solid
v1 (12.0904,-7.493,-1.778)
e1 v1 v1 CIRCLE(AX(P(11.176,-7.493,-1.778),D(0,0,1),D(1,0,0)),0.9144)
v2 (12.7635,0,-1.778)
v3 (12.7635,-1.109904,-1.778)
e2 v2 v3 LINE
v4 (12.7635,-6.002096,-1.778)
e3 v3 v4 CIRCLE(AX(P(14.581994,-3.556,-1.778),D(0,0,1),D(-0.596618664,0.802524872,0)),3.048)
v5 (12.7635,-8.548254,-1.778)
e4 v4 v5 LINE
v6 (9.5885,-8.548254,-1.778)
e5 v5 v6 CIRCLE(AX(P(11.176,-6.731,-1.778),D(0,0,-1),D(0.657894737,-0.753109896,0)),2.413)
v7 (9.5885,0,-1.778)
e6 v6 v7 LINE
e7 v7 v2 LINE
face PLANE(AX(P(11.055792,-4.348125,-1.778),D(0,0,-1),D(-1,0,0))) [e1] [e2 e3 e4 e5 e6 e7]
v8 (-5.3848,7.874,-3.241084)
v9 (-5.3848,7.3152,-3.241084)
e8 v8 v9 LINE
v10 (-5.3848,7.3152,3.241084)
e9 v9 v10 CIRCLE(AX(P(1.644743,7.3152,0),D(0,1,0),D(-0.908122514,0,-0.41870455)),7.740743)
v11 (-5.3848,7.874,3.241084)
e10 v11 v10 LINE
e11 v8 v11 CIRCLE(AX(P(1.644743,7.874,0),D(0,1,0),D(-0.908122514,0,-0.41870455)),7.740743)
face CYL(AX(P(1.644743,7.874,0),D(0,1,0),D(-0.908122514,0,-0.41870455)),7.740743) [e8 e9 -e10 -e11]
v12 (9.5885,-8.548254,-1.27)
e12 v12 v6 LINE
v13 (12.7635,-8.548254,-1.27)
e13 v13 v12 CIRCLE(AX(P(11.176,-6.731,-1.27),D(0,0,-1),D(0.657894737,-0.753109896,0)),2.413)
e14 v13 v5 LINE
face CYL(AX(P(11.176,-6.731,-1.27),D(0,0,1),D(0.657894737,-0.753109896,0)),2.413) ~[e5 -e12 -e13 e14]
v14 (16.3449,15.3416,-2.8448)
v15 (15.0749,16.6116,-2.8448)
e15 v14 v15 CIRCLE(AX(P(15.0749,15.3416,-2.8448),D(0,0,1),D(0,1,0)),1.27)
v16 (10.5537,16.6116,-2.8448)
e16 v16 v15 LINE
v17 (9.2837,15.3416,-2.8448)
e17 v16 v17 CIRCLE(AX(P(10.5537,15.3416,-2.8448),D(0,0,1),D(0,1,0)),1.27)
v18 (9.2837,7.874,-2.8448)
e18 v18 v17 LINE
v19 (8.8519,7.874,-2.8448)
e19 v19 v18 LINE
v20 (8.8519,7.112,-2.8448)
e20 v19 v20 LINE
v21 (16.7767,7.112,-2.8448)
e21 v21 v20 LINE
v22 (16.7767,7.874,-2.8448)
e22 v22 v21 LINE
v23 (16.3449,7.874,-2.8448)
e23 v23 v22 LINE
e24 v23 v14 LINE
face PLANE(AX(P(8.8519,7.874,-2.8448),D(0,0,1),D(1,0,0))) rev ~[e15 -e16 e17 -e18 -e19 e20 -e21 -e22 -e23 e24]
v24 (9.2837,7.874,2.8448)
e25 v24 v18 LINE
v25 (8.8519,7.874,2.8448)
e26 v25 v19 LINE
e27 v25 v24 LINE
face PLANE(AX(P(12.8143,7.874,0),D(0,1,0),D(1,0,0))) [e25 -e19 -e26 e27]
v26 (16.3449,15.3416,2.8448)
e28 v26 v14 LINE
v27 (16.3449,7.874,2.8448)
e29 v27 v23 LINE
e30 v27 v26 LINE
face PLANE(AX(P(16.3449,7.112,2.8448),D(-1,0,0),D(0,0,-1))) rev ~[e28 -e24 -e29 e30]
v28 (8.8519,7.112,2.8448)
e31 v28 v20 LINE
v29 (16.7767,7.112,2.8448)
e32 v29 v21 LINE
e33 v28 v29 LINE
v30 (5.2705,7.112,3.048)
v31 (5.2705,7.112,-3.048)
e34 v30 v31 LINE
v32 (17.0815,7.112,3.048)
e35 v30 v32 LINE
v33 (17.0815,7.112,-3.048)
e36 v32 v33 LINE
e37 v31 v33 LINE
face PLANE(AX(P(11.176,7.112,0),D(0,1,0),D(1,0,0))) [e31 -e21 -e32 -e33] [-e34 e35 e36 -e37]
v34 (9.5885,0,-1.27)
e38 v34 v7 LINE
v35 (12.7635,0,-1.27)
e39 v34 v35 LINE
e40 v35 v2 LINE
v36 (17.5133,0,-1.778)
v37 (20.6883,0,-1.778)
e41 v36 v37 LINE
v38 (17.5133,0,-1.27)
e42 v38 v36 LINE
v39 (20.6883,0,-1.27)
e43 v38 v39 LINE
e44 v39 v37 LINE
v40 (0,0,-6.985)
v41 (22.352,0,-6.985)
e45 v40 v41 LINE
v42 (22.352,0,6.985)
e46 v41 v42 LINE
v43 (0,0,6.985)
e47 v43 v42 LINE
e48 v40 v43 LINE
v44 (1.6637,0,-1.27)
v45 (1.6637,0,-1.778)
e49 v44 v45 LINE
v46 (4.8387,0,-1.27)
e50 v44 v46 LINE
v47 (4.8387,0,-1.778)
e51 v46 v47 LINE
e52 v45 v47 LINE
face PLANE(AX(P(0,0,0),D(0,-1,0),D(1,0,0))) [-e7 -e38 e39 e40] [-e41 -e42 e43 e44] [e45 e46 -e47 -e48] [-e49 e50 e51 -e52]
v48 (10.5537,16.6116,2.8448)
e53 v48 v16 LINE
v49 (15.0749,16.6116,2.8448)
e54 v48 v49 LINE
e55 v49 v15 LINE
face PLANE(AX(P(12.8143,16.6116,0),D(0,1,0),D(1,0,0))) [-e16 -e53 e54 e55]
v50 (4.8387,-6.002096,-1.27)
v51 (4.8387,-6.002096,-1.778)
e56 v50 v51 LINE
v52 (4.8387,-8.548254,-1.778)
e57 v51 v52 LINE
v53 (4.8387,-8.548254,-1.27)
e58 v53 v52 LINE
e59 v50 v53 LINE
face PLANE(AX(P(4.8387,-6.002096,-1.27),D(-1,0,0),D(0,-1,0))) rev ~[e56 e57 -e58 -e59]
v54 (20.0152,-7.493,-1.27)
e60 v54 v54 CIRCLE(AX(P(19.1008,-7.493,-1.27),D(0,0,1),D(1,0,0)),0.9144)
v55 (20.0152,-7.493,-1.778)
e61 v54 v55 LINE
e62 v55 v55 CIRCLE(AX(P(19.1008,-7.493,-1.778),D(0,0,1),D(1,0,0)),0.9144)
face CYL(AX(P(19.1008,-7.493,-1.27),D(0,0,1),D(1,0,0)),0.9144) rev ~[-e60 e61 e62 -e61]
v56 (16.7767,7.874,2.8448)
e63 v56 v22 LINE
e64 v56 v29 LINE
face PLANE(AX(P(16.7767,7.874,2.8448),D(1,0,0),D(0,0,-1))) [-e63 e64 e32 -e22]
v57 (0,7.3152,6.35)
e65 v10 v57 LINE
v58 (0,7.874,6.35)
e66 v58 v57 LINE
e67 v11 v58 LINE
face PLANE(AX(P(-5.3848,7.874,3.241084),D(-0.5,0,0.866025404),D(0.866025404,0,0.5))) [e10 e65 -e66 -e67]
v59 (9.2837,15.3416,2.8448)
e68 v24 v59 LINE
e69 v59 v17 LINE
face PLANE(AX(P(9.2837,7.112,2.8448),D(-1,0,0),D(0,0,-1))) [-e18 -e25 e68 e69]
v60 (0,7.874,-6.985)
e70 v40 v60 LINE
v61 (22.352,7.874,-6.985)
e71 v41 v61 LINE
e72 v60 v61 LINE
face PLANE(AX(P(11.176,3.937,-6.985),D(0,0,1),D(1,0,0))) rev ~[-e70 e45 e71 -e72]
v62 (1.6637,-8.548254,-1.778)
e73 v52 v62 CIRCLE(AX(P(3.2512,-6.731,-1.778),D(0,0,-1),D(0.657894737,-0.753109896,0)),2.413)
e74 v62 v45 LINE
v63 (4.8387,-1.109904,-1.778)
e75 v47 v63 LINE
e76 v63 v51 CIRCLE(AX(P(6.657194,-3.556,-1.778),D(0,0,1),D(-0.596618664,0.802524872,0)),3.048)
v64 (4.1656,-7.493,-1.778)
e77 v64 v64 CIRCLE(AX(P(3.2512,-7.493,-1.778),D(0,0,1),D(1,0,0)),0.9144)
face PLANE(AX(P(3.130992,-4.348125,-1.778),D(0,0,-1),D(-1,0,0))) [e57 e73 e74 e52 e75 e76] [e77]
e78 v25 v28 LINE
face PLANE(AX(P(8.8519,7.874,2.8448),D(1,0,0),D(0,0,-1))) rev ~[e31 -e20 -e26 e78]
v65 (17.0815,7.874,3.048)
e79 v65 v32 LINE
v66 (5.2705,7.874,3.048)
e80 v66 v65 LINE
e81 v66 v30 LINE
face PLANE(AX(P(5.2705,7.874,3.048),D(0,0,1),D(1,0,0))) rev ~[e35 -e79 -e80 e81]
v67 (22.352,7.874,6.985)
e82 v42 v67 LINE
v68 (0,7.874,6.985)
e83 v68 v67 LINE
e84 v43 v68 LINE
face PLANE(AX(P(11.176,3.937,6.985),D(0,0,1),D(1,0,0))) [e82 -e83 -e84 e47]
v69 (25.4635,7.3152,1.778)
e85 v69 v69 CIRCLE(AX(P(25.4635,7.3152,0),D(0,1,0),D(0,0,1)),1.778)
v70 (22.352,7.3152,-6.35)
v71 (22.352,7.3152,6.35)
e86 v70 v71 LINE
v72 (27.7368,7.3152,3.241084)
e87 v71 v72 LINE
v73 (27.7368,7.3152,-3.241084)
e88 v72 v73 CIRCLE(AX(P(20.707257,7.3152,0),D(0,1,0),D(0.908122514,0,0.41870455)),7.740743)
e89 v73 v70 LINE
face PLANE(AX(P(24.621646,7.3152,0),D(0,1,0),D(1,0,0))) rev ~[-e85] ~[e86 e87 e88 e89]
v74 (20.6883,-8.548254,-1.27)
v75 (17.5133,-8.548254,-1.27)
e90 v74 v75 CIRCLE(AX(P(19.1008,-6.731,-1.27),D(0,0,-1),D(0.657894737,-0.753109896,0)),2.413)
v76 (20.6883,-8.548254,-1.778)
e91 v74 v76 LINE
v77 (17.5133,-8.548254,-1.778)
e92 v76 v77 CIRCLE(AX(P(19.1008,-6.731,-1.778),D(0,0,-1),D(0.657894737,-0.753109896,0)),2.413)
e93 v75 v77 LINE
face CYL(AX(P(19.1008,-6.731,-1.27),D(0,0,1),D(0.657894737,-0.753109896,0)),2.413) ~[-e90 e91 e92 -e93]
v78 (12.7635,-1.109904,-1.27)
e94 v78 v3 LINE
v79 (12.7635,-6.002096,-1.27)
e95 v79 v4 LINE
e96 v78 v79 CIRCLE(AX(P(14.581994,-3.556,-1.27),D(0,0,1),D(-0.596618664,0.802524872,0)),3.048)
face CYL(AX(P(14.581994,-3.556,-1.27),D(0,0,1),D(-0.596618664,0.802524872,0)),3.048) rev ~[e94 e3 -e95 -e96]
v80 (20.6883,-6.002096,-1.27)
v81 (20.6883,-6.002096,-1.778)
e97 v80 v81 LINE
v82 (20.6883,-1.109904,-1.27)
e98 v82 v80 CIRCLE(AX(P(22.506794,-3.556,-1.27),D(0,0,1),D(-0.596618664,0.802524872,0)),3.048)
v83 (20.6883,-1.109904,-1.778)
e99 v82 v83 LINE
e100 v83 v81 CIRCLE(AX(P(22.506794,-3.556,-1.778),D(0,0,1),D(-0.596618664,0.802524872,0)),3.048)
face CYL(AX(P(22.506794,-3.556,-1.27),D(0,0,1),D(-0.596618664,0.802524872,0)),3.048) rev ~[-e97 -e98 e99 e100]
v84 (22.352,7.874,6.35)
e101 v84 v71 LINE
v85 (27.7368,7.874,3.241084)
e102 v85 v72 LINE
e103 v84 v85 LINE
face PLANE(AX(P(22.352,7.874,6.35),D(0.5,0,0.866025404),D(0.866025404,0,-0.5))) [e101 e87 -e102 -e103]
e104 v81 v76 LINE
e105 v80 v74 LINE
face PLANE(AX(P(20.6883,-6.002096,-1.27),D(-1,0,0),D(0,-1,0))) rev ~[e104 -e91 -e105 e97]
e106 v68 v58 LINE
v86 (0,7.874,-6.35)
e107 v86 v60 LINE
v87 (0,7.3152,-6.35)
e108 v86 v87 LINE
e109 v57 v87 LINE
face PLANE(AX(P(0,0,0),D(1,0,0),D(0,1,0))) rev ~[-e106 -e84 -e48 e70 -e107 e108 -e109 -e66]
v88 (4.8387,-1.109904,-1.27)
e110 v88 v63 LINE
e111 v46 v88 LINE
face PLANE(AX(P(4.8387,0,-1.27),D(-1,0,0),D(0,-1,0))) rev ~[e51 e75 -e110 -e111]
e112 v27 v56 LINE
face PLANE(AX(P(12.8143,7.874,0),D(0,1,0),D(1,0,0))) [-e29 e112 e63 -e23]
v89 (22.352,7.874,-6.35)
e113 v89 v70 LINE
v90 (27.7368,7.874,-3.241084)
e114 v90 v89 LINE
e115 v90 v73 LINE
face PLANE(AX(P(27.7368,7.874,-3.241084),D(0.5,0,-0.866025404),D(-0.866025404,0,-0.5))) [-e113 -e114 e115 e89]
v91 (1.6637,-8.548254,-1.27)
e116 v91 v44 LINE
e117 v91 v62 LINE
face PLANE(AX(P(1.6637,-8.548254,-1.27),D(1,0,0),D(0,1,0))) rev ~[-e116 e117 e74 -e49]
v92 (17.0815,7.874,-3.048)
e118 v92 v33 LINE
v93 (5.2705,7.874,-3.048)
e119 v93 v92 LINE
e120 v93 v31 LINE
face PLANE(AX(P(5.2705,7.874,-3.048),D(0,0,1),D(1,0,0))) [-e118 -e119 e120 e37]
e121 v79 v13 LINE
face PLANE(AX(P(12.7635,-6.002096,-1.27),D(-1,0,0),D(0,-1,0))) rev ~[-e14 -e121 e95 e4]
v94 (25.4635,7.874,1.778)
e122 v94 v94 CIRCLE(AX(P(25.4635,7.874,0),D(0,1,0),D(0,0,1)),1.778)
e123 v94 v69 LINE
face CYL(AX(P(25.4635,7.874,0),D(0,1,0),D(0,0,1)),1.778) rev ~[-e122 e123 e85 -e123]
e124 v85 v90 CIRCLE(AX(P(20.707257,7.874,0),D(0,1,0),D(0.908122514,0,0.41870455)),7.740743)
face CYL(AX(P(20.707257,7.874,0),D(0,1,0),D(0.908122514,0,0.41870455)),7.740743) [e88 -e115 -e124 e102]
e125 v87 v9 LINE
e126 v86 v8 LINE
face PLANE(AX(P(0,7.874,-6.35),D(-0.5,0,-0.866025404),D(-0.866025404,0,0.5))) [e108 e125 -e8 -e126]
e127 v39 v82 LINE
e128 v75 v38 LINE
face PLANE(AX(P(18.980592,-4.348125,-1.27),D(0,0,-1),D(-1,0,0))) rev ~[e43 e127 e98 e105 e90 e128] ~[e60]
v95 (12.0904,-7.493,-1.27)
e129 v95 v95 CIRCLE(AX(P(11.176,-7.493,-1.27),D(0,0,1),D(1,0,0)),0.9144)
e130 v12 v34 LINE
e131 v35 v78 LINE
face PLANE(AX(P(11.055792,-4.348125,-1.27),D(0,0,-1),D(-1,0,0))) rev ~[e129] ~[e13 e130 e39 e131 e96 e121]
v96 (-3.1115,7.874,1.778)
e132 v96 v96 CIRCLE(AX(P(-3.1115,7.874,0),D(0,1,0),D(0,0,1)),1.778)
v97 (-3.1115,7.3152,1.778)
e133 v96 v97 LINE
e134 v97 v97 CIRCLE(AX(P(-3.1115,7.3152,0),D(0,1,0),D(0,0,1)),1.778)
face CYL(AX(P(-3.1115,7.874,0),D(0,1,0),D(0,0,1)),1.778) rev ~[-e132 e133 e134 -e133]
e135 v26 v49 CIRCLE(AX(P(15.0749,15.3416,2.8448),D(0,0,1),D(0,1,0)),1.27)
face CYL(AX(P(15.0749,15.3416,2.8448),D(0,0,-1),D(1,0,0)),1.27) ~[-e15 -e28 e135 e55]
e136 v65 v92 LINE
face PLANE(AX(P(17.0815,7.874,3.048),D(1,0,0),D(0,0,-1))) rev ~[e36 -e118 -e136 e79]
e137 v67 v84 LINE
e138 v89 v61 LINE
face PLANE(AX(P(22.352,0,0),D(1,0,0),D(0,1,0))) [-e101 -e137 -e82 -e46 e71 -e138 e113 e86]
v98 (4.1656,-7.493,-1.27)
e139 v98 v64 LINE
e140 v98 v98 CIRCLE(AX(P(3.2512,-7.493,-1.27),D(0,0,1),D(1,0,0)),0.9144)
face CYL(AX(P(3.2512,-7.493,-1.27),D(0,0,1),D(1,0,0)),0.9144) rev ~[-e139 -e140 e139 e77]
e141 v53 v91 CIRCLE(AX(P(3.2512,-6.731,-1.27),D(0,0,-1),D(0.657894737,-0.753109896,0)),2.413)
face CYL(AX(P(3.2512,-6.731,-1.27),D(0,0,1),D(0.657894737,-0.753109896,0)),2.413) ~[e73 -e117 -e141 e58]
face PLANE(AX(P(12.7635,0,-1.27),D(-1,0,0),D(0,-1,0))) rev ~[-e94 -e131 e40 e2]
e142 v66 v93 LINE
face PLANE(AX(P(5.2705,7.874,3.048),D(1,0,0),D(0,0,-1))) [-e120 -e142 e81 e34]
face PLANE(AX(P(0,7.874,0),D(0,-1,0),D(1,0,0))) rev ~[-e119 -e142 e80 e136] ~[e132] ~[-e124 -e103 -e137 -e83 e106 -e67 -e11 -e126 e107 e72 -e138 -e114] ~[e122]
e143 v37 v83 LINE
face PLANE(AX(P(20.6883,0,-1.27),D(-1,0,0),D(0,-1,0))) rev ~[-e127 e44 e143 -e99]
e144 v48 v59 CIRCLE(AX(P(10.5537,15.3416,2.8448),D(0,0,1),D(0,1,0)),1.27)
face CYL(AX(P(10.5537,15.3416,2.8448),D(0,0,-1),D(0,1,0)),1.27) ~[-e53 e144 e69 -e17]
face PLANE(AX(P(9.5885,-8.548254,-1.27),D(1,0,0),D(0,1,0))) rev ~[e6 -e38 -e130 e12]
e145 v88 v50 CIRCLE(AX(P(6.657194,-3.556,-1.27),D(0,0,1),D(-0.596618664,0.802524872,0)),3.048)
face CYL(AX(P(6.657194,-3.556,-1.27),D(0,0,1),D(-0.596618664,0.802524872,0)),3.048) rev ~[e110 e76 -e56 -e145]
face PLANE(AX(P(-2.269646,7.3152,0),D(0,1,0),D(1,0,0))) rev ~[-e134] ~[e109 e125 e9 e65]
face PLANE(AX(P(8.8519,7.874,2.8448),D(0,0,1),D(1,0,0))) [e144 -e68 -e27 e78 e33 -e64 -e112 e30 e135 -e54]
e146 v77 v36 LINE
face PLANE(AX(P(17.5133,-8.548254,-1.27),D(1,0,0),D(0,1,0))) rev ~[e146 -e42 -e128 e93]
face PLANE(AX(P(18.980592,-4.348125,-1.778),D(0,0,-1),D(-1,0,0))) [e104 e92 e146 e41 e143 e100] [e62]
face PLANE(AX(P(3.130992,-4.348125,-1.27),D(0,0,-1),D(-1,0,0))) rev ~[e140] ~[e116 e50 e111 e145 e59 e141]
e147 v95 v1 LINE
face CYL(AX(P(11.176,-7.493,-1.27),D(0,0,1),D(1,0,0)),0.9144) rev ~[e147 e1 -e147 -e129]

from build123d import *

# Parameters (mm, degrees)
SKETCH1_W       = 22.352
SKETCH1_H       = 7.874
EXTRUDE1_DEPTH  = 6.985
EXTRUDE2_DEPTH  = 0.5588
SKETCH3_W       = 11.811
SKETCH3_H       = 6.096
EXTRUDE3_DEPTH  = 0.762
SKETCH4_W       = 7.0612
SKETCH4_H       = 5.6896
EXTRUDE4_DEPTH  = 9.4996
SKETCH7_W       = 7.9248
SKETCH7_H       = 5.6896
EXTRUDE7_DEPTH  = 0.762
FILLET2_R       = 1.27
SKETCH5_R       = 1.778
EXTRUDE5_DEPTH  = 9.4996
SKETCH6_R       = 0.9144
EXTRUDE6_DEPTH  = 0.508
LPATTERN1_COUNT = 2
LPATTERN1_PITCH = 7.9248
LPATTERN2_COUNT = 2
LPATTERN2_PITCH = 7.9248


with BuildPart() as part:
    # Sketch1 → Extrude1 (new, symmetric)
    with BuildSketch(Plane.XY):
        with Locations((11.176, 3.937)):
            Rectangle(SKETCH1_W, SKETCH1_H)
    extrude(amount=EXTRUDE1_DEPTH, both=True)

    # Sketch2 → Extrude2 (add)
    with BuildSketch(Plane(origin=(0, 7.874, 0), x_dir=(1, 0, 0), z_dir=(0, 1, 0))):
        with BuildLine():
            Line((0, 6.35), (-5.3848, 3.24108427))
            ThreePointArc((-5.3848, 3.24108427), (-6.096, 0), (-5.3848, -3.24108427))
            Line((-5.3848, -3.24108427), (0, -6.35))
            Line((0, -6.35), (0, 6.35))
        make_face()
        with BuildLine():
            Line((22.352, 6.35), (22.352, -6.35))
            Line((22.352, -6.35), (27.7368, -3.24108427))
            ThreePointArc((27.7368, -3.24108427), (28.448, 0), (27.7368, 3.24108427))
            Line((27.7368, 3.24108427), (22.352, 6.35))
        make_face()
    extrude(amount=-EXTRUDE2_DEPTH)

    # Sketch3 → Extrude3 (cut)
    with BuildSketch(Plane(origin=(0, 7.874, 0), x_dir=(1, 0, 0), z_dir=(0, 1, 0))):
        with Locations((11.176, 0)):
            Rectangle(SKETCH3_W, SKETCH3_H)
    extrude(amount=-EXTRUDE3_DEPTH, mode=Mode.SUBTRACT)

    # Sketch4 → Extrude4 (add)
    with BuildSketch(Plane(origin=(0, 7.112, 0), x_dir=(1, 0, 0), z_dir=(0, 1, 0))):
        with Locations((12.8143, 0)):
            Rectangle(SKETCH4_W, SKETCH4_H)
    extrude(amount=EXTRUDE4_DEPTH)

    # Sketch7 → Extrude7 (add)
    with BuildSketch(Plane(origin=(0, 7.874, 0), x_dir=(1, 0, 0), z_dir=(0, 1, 0))):
        with Locations((12.8143, 0)):
            Rectangle(SKETCH7_W, SKETCH7_H)
    extrude(amount=-EXTRUDE7_DEPTH)

    # Fillet2
    fillet2_edges = [part.edges().sort_by_distance(p)[0] for p in [
        (9.2837, 16.6116, 0),
        (16.3449, 16.6116, 0),
    ]]
    fillet(fillet2_edges, radius=FILLET2_R)

    # Sketch5 → Extrude5 (cut)
    with BuildSketch(Plane(origin=(0, 7.874, 0), x_dir=(1, 0, 0), z_dir=(0, 1, 0))):
        with Locations(Location((-3.1115, 0, 0), (0, 0, 270))):
            Circle(SKETCH5_R)
        with Locations(Location((25.4635, 0, 0), (0, 0, 270))):
            Circle(SKETCH5_R)
    extrude(amount=-EXTRUDE5_DEPTH, mode=Mode.SUBTRACT)

    # Sketch6 → Extrude6 (add)
    with BuildSketch(Plane.XY.offset(-1.27)):
        with BuildLine():
            Line((12.7635, -6.00209581), (12.7635, -8.548254179))
            ThreePointArc((12.7635, -8.548254179), (11.176, -9.144), (9.5885, -8.548254179))
            Line((9.5885, -8.548254179), (9.5885, 0))
            Line((9.5885, 0), (12.7635, 0))
            Line((12.7635, 0), (12.7635, -1.10990419))
            ThreePointArc((12.7635, -1.10990419), (11.533993687, -3.556), (12.7635, -6.00209581))
        make_face()
        with Locations((11.176, -7.493)):
            Circle(SKETCH6_R, mode=Mode.SUBTRACT)
    extrude6 = extrude(amount=-EXTRUDE6_DEPTH)

    # LPattern1: Extrude6 ×2
    with Locations(*[(i * LPATTERN1_PITCH, 0, 0) for i in range(1, LPATTERN1_COUNT)]):
        add(extrude6)

    # LPattern2: Extrude6 ×2
    with Locations(*[(-i * LPATTERN2_PITCH, 0, 0) for i in range(1, LPATTERN2_COUNT)]):
        add(extrude6)


solid = part.part
